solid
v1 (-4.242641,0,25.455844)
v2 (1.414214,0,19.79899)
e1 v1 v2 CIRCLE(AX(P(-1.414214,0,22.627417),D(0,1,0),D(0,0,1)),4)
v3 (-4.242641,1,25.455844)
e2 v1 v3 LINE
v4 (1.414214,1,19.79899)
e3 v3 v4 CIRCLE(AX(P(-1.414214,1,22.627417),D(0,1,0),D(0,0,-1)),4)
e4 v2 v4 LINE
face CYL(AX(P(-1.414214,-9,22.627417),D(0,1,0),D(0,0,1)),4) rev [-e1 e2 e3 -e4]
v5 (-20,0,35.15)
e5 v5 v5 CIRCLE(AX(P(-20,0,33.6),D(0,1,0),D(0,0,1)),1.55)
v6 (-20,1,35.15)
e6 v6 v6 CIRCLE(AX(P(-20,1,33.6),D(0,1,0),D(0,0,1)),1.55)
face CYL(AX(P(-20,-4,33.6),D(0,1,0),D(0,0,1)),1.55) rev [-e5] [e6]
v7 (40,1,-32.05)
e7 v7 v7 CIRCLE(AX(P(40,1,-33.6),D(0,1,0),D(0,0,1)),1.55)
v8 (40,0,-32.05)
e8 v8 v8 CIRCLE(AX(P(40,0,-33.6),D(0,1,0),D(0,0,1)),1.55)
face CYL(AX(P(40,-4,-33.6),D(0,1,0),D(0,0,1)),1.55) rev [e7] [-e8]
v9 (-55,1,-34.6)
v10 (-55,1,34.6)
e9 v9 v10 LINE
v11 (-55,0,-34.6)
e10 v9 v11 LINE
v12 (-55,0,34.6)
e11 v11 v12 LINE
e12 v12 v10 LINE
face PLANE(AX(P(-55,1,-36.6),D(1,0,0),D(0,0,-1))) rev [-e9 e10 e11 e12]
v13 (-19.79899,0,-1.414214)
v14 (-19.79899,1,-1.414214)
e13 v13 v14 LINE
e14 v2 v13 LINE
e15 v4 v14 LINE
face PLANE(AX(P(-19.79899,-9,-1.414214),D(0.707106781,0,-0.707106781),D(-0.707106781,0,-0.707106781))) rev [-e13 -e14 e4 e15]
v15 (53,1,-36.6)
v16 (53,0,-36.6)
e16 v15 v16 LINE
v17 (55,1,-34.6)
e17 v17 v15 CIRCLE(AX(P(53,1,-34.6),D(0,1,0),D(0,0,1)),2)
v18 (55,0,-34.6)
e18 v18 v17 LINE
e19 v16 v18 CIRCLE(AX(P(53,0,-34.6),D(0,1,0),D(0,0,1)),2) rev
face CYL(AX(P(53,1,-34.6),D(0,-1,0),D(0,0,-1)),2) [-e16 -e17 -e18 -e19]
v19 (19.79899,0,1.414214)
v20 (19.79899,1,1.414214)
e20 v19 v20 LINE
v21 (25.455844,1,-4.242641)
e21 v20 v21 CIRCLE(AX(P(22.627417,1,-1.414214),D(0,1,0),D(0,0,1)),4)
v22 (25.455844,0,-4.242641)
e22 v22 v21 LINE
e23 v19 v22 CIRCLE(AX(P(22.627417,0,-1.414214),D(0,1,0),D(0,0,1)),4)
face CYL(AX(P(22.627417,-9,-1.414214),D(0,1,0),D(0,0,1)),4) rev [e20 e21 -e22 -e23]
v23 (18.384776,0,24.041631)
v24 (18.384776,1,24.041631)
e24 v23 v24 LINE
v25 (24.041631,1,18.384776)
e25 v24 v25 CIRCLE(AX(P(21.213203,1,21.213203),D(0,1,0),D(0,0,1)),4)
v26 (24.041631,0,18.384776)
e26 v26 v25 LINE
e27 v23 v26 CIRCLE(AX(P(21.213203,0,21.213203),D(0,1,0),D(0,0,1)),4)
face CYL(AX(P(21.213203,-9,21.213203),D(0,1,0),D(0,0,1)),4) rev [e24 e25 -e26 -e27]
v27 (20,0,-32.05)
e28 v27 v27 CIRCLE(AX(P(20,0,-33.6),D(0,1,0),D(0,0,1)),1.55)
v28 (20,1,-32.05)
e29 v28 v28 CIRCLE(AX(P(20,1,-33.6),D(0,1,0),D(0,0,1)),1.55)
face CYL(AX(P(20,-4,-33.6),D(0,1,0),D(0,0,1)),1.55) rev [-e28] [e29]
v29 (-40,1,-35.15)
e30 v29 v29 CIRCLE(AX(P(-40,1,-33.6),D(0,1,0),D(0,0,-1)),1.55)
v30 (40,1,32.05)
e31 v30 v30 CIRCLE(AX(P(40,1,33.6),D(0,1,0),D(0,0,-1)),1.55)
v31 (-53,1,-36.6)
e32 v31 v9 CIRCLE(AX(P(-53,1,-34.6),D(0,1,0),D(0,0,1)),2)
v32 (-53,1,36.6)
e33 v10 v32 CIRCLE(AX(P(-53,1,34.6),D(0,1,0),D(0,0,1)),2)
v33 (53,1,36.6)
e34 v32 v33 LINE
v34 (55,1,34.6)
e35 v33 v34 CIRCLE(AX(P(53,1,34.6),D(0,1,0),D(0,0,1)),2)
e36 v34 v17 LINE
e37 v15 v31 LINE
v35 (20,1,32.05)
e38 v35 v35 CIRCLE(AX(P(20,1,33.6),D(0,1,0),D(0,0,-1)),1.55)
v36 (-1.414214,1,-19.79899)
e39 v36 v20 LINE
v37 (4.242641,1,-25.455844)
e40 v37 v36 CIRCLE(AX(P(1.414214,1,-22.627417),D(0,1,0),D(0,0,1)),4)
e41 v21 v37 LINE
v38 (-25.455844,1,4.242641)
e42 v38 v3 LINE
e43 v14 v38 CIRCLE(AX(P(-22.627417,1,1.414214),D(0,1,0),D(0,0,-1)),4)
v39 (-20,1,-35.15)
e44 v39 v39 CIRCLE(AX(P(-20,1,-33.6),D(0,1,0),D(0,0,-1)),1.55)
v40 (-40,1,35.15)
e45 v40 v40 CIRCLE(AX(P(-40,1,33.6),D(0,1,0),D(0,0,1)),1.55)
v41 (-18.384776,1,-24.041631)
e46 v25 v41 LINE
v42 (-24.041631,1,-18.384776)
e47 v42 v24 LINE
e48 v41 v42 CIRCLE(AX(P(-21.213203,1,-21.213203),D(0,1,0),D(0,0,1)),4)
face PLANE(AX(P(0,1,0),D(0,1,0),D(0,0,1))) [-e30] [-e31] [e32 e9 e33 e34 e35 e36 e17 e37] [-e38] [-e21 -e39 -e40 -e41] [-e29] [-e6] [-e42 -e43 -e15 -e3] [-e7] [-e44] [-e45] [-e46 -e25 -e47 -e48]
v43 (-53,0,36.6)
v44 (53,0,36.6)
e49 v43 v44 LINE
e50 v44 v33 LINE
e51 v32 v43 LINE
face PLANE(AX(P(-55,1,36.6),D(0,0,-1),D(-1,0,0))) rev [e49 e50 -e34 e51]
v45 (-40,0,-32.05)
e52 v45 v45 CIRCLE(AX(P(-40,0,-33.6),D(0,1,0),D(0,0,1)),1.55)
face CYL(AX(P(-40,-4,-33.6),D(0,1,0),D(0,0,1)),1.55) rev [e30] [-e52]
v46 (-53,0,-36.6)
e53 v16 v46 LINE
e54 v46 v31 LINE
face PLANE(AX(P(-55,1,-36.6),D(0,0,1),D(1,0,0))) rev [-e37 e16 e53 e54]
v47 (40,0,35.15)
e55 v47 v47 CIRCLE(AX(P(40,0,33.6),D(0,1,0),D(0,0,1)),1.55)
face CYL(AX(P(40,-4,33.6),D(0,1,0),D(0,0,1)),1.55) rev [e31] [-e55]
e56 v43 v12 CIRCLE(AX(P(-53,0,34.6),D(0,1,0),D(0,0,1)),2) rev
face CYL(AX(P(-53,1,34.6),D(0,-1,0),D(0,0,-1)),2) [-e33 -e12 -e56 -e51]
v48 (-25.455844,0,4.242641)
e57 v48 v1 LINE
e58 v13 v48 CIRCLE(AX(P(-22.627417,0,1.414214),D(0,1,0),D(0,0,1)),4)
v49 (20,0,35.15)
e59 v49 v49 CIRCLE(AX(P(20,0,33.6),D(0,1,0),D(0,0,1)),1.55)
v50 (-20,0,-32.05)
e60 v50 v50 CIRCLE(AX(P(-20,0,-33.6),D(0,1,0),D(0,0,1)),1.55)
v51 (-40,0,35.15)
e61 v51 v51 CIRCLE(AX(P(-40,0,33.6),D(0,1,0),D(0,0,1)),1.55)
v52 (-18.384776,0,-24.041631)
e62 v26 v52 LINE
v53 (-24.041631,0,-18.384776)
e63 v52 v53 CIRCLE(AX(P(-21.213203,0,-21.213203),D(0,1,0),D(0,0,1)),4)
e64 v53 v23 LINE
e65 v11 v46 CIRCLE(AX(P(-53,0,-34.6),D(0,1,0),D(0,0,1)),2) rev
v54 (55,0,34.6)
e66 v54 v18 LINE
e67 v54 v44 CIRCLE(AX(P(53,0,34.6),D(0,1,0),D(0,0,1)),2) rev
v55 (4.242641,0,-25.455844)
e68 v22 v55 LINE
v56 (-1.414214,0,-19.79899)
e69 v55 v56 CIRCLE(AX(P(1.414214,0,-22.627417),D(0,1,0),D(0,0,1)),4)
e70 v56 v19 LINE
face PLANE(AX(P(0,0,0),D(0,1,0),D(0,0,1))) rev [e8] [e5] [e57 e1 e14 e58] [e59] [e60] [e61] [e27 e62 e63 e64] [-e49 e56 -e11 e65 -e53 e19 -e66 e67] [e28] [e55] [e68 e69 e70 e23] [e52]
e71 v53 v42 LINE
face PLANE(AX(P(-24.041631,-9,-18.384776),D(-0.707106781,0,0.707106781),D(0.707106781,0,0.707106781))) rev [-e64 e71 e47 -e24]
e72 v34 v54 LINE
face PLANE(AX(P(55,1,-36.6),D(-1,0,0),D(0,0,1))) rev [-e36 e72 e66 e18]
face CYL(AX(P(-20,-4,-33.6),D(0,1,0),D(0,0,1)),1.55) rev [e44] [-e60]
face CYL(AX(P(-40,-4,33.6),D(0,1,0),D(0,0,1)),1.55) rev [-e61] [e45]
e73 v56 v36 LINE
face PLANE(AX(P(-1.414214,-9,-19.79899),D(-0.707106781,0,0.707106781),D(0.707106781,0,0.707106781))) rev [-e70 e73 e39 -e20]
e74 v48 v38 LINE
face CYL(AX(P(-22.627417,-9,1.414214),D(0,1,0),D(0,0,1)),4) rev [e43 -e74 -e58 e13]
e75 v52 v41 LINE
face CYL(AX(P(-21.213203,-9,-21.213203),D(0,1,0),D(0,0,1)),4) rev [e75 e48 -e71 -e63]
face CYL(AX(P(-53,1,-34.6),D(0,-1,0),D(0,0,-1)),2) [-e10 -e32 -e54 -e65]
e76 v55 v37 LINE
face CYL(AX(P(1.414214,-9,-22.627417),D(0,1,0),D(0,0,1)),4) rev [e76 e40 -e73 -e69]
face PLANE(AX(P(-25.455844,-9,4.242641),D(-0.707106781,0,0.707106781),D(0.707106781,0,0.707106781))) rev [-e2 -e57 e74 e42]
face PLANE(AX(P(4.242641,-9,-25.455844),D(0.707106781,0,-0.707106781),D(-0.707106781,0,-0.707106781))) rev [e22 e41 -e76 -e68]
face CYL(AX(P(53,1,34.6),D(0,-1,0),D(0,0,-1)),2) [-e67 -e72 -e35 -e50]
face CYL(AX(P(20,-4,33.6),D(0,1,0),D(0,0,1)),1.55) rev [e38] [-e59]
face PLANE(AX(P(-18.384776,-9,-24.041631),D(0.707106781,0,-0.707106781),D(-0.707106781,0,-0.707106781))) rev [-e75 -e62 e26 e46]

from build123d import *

# Parameters (mm, degrees)
SKETCH_1_W          = 110
SKETCH_1_H          = 73.2
EXTRUDE_1_DEPTH     = 1
SKETCH_2_R          = 1.55
CUT_EXTRUDE_1_DEPTH = 5
FILLET_1_R          = 2
CUT_EXTRUDE_4_DEPTH = 10


with BuildPart() as part:
    # 草图1 → 凸台-拉伸1 (new body)
    with BuildSketch(Plane(origin=(0, 0, 0), x_dir=(1, 0, 0), z_dir=(0, 1, 0))):
        Rectangle(SKETCH_1_W, SKETCH_1_H)
    extrude(amount=EXTRUDE_1_DEPTH)

    # 草图2 → 切除-拉伸1 (cut)
    with BuildSketch(Plane(origin=(0, 1, 0), x_dir=(1, 0, 0), z_dir=(0, 1, 0))):
        with Locations(Location((20, 33.6, 0), (0, 0, 270))):
            Circle(SKETCH_2_R)
        with Locations(Location((40, 33.6, 0), (0, 0, 270))):
            Circle(SKETCH_2_R)
        with Locations(Location((40, -33.6, 0), (0, 0, 270))):
            Circle(SKETCH_2_R)
        with Locations(Location((20, -33.6, 0), (0, 0, 270))):
            Circle(SKETCH_2_R)
        with Locations(Location((-20, -33.6, 0), (0, 0, 270))):
            Circle(SKETCH_2_R)
        with Locations(Location((-40, -33.6, 0), (0, 0, 270))):
            Circle(SKETCH_2_R)
        with Locations(Location((-40, 33.6, 0), (0, 0, 270))):
            Circle(SKETCH_2_R)
        with Locations(Location((-20, 33.6, 0), (0, 0, 270))):
            Circle(SKETCH_2_R)
    extrude(amount=-CUT_EXTRUDE_1_DEPTH, mode=Mode.SUBTRACT)

    # 圆角1
    fillet_1_edges = [part.edges().sort_by_distance(p)[0] for p in [
        (55, 0.5, 36.6),
        (-55, 0.5, 36.6),
        (-55, 0.5, -36.6),
        (55, 0.5, -36.6),
    ]]
    fillet(fillet_1_edges, radius=FILLET_1_R)

    # 草图4 → 切除-拉伸4 (cut)
    with BuildSketch(Plane(origin=(0, 1, 0), x_dir=(1, 0, 0), z_dir=(0, 1, 0))):
        with BuildLine():
            Line((-18.384776311, 24.04163056), (24.04163056, -18.384776311))
            ThreePointArc((24.04163056, -18.384776311), (24.04163056, -24.04163056), (18.384776311, -24.04163056))
            Line((18.384776311, -24.04163056), (-24.04163056, 18.384776311))
            ThreePointArc((-24.04163056, 18.384776311), (-24.04163056, 24.04163056), (-18.384776311, 24.04163056))
        make_face()
        with BuildLine():
            Line((4.242640687, 25.455844123), (25.455844123, 4.242640687))
            ThreePointArc((25.455844123, 4.242640687), (25.455844123, -1.414213562), (19.798989873, -1.414213562))
            Line((19.798989873, -1.414213562), (-1.414213562, 19.798989873))
            ThreePointArc((-1.414213562, 19.798989873), (-1.414213562, 25.455844123), (4.242640687, 25.455844123))
        make_face()
        with BuildLine():
            Line((-25.455844123, -4.242640687), (-4.242640687, -25.455844123))
            ThreePointArc((-4.242640687, -25.455844123), (1.414213562, -25.455844123), (1.414213562, -19.798989873))
            Line((1.414213562, -19.798989873), (-19.798989873, 1.414213562))
            ThreePointArc((-19.798989873, 1.414213562), (-25.455844123, 1.414213562), (-25.455844123, -4.242640687))
        make_face()
    extrude(amount=-CUT_EXTRUDE_4_DEPTH, mode=Mode.SUBTRACT)


solid = part.part
